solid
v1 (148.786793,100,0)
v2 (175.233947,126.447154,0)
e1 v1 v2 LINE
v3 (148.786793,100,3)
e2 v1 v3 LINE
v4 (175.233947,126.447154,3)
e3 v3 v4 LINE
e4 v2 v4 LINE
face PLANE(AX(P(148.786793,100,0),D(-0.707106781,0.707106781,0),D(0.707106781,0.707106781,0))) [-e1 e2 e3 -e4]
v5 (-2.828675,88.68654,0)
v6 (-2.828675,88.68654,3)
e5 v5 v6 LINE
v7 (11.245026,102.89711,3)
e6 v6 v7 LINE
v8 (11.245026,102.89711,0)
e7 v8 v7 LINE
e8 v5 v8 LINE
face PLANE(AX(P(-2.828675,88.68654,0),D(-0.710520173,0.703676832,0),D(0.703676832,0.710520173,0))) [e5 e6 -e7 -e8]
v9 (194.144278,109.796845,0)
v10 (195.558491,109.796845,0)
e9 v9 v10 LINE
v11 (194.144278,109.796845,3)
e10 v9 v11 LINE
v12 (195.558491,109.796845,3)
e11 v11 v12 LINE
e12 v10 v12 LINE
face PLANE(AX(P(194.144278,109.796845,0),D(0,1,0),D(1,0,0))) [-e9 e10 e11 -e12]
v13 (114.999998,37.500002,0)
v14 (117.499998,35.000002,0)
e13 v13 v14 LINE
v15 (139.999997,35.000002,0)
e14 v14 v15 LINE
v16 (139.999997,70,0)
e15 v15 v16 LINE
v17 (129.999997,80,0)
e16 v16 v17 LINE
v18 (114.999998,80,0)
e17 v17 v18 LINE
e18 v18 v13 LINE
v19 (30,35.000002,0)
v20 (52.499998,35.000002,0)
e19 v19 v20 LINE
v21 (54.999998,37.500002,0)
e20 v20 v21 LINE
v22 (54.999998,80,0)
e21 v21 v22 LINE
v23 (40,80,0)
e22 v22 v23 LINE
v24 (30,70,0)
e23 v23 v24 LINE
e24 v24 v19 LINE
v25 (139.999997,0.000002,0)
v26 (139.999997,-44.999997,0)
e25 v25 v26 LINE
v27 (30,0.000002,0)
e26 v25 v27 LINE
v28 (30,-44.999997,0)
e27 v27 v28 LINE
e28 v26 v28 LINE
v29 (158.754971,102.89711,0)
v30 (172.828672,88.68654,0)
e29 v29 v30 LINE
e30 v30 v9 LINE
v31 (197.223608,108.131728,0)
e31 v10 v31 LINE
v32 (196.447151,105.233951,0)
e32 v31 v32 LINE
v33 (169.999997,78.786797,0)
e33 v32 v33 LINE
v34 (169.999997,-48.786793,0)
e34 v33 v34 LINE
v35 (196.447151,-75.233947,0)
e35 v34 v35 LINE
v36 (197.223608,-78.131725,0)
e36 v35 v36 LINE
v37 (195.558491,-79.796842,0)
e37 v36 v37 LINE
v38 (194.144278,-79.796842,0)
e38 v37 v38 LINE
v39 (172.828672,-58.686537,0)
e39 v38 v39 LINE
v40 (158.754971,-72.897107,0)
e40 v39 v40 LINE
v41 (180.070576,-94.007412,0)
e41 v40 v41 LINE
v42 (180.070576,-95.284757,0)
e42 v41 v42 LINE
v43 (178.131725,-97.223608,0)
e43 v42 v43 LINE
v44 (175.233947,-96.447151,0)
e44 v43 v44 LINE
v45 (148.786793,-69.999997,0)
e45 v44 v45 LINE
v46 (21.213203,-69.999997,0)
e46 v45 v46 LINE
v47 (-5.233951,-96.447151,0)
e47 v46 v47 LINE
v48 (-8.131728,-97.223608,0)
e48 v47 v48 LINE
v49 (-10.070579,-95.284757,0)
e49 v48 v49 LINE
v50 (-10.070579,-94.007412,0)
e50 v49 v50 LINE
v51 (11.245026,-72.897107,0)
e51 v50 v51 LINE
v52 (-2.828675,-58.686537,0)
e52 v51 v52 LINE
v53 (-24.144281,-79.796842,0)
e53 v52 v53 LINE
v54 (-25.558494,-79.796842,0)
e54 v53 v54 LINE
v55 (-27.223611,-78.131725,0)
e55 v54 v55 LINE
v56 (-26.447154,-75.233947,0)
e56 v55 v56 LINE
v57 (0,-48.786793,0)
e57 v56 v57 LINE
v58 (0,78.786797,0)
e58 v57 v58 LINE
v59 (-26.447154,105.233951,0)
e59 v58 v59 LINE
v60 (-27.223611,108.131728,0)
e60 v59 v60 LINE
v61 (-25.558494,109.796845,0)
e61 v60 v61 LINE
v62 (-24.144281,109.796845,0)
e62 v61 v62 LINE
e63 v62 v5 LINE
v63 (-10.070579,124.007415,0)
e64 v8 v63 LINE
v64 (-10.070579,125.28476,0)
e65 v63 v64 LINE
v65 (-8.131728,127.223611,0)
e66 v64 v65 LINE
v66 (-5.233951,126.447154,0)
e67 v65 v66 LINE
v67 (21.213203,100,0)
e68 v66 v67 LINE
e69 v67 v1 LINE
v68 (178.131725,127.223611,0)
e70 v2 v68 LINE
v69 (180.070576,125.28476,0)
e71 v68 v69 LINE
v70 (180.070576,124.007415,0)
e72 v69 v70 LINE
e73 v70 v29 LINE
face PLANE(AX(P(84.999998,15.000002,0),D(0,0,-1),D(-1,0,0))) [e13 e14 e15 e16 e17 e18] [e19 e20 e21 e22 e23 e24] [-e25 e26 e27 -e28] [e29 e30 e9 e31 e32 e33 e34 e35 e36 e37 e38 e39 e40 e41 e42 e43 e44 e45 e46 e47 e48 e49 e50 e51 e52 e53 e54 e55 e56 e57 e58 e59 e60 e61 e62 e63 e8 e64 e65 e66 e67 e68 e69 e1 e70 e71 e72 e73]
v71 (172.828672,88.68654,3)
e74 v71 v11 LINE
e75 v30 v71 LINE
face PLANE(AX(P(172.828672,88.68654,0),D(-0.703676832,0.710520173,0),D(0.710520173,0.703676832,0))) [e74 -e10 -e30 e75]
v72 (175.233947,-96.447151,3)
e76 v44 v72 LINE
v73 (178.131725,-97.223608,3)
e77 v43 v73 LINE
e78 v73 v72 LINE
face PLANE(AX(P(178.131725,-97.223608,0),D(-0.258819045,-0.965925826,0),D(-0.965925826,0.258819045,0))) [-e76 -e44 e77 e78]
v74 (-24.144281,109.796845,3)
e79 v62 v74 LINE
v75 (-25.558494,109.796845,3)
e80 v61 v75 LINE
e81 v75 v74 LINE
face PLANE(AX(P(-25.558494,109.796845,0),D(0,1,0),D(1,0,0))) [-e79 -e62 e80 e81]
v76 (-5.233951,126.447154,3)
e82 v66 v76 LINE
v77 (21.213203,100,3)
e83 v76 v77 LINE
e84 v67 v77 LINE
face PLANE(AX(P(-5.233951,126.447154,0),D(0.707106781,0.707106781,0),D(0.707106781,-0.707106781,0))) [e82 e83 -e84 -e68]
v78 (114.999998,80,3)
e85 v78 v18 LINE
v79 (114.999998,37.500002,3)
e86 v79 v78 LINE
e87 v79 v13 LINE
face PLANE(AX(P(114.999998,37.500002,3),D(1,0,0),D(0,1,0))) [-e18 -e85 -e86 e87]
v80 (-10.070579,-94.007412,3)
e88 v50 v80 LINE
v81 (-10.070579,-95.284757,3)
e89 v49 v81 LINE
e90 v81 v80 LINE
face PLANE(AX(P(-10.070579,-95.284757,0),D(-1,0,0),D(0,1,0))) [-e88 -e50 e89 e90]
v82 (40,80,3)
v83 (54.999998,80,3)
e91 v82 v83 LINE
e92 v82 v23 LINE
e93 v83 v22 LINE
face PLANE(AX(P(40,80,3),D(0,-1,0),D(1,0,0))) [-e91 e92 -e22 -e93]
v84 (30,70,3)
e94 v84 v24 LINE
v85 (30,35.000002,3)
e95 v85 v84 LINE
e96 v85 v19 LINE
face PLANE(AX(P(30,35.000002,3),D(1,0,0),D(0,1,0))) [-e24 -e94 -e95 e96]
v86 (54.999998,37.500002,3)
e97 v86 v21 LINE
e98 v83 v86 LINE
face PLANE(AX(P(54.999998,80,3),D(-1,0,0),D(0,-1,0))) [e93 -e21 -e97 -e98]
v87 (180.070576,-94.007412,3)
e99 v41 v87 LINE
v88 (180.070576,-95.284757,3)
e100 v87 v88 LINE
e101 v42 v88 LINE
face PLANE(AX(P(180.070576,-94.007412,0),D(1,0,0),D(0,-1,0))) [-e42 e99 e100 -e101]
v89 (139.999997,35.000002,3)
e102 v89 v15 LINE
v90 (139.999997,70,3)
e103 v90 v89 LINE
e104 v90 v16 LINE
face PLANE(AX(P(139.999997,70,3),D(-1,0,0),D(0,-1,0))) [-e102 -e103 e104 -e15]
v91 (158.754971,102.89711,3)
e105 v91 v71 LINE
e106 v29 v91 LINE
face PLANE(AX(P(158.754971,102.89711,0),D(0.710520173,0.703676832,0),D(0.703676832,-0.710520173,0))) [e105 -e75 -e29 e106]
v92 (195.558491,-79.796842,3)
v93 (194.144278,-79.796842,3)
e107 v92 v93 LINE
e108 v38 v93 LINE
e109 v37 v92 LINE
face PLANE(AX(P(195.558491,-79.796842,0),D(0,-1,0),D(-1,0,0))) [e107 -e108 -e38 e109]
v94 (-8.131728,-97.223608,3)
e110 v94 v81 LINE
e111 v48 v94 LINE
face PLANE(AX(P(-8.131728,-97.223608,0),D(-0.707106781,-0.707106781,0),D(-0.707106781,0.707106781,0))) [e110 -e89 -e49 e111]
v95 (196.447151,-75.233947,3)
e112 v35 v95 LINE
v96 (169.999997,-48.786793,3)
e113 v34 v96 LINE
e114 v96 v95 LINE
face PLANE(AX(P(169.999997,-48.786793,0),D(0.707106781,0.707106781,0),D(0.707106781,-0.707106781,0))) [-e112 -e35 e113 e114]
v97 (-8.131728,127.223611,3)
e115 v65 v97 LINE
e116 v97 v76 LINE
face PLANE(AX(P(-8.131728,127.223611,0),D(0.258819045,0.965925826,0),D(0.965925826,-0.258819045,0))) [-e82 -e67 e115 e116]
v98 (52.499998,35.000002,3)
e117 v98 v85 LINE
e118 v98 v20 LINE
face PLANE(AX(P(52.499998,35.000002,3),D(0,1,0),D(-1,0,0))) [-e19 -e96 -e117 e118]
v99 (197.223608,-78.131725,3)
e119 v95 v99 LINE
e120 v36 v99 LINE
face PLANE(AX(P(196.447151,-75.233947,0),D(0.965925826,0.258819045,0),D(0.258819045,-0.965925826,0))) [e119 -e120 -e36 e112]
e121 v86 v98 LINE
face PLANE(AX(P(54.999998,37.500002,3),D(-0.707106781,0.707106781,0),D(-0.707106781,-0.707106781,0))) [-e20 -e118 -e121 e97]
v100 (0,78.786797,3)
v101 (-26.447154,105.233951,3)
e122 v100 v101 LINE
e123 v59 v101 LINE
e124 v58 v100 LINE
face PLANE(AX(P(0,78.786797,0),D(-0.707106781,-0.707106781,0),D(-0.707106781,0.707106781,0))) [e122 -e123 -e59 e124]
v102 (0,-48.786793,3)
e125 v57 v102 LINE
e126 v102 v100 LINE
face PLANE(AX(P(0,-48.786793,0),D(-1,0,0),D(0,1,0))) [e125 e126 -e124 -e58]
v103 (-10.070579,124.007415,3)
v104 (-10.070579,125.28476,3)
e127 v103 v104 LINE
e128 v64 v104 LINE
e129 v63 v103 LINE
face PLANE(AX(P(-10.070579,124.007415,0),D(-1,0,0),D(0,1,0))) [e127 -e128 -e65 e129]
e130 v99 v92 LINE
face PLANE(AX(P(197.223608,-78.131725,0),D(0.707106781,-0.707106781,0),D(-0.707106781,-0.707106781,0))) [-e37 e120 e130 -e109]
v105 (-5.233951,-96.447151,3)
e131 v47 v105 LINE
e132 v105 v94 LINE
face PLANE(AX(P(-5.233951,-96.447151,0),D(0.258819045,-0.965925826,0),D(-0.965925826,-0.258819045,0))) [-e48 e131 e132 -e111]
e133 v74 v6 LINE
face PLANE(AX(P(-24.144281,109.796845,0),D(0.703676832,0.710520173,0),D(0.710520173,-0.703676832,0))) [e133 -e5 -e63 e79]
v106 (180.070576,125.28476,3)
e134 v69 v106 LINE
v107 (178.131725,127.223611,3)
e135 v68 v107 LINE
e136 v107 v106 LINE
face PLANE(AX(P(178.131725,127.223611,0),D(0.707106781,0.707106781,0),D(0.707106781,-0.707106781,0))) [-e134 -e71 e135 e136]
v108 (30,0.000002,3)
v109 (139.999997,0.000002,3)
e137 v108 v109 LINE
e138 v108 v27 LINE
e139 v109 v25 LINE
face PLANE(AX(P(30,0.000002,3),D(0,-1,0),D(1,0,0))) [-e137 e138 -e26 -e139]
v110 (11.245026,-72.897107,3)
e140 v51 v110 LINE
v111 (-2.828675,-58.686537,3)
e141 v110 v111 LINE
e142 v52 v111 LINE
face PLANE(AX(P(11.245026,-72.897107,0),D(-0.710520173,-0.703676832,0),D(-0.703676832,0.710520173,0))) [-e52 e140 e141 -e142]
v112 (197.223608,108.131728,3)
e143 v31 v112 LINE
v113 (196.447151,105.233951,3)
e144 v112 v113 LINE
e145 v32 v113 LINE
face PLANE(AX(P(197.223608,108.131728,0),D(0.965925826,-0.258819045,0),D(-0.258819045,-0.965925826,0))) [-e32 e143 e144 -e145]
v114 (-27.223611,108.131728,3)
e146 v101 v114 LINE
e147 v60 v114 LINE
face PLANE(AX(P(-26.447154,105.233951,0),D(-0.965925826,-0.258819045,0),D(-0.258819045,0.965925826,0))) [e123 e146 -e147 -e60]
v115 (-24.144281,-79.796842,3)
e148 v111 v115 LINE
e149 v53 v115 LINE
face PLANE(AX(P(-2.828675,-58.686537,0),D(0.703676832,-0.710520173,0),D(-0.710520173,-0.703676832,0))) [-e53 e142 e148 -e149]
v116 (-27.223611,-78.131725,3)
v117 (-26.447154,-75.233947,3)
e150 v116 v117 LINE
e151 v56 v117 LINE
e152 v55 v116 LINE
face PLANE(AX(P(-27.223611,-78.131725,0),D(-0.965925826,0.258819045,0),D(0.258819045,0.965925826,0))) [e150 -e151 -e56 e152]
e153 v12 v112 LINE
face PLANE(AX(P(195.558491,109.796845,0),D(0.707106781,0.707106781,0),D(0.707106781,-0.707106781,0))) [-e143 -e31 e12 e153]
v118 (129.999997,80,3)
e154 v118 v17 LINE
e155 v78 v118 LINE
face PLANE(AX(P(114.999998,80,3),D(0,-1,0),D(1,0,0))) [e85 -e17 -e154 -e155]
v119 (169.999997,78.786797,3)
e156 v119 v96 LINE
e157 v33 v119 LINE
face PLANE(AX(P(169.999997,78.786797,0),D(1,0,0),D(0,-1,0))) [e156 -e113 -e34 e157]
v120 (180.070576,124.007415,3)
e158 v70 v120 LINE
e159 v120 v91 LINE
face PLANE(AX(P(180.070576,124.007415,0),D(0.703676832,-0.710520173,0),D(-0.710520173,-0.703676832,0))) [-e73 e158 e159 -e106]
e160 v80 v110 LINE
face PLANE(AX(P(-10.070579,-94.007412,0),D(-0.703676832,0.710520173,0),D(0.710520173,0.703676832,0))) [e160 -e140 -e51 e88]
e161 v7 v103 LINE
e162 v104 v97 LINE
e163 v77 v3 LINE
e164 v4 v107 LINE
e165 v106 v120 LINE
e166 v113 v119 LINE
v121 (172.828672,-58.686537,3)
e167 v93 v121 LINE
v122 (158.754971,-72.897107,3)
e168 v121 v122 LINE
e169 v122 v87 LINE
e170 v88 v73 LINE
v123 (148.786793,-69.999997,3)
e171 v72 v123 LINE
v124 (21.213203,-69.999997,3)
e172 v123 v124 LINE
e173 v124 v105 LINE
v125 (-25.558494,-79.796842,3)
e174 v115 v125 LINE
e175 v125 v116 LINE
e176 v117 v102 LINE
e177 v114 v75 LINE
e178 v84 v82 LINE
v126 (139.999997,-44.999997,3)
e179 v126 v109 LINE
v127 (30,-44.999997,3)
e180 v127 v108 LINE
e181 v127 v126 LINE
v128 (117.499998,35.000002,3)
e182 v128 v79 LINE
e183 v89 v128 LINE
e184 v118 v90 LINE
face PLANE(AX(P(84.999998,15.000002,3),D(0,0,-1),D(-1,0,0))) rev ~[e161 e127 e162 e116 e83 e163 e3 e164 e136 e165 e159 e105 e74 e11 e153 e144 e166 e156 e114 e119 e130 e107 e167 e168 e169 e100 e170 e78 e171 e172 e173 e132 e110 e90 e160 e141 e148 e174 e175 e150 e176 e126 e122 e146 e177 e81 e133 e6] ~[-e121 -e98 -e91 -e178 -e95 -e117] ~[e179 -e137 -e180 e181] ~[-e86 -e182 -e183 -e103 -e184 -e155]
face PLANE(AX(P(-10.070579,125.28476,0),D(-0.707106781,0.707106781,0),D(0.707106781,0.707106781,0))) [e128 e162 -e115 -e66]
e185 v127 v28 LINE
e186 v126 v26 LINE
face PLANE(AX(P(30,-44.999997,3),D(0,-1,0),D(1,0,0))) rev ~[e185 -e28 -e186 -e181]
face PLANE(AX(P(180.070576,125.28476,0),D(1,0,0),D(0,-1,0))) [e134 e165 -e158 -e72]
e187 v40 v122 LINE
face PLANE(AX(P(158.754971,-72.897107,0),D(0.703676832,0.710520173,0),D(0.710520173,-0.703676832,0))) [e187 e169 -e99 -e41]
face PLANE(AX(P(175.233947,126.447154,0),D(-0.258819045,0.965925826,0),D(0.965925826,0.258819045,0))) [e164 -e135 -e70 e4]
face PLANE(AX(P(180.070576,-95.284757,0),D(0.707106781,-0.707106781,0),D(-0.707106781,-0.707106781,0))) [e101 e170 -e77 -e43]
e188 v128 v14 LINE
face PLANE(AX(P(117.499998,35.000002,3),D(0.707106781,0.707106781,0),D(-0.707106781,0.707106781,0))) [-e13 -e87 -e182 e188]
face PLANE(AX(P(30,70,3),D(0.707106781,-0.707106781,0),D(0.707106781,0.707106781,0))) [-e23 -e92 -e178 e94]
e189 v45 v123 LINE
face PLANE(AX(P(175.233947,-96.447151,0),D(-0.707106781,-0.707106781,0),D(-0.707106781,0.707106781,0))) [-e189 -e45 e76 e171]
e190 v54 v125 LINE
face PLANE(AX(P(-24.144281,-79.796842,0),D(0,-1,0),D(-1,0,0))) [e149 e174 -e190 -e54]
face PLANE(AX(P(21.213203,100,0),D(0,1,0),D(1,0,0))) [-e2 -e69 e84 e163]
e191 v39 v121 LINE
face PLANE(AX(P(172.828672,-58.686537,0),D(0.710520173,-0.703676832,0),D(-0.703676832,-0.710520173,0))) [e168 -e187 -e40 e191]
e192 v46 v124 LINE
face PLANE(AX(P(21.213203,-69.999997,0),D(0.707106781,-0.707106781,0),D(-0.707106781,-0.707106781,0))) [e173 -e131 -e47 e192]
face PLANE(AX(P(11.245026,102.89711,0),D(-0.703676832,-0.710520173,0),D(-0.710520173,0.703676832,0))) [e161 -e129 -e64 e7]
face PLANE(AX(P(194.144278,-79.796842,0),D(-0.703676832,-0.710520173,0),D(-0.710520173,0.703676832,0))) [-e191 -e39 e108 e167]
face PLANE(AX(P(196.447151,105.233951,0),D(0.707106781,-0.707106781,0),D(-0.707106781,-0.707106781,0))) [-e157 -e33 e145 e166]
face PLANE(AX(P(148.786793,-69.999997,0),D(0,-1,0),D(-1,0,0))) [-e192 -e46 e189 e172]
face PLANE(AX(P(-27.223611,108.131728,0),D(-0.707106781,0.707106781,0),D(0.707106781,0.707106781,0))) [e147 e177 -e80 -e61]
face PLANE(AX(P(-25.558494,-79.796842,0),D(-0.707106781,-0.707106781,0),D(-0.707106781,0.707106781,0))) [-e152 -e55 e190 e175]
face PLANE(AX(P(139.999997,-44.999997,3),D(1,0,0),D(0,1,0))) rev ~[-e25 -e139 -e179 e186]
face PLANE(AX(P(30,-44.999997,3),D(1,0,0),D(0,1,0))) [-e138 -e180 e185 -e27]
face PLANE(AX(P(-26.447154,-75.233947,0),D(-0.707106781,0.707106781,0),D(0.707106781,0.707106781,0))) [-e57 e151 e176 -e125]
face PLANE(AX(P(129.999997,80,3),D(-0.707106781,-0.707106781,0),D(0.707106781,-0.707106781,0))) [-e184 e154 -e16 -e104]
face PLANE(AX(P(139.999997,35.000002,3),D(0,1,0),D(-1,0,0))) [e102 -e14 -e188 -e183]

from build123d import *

# Parameters (mm, degrees)
BOSS_EXTRUDE1_DEPTH = 3
SKETCH2_W           = 109.999996871
SKETCH2_H           = 44.999998436
CUT_EXTRUDE1_DEPTH  = 10


with BuildPart() as part:
    # Sketch1 → Boss-Extrude1 (new body)
    with BuildSketch(Plane.XY):
        Polygon((158.754970941, -72.897106565), (180.070576123, -94.00741153), (180.070576123, -95.284756679), (178.131724855, -97.223607947), (175.233947376, -96.447150811), (148.786793436, -69.999996871), (21.213203436, -69.999996871), (-5.233950505, -96.447150811), (-8.131727984, -97.223607947), (-10.070579252, -95.284756679), (-10.070579252, -94.00741153), (11.24502593, -72.897106565), (-2.828675487, -58.686536734), (-24.144280669, -79.796841699), (-25.558494231, -79.796841699), (-27.223611076, -78.131724855), (-26.44715394, -75.233947376), (0, -48.786793435), (0, 78.786796565), (-26.44715394, 105.233950505), (-27.223611076, 108.131727984), (-25.558494231, 109.796844828), (-24.144280669, 109.796844828), (-2.828675487, 88.686539863), (11.24502593, 102.897109694), (-10.070579252, 124.007414659), (-10.070579252, 125.284759808), (-8.131727984, 127.223611076), (-5.233950505, 126.447153941), (21.213203436, 100), (148.786793436, 100), (175.233947376, 126.447153941), (178.131724855, 127.223611076), (180.070576123, 125.284759808), (180.070576123, 124.007414659), (158.754970941, 102.897109694), (172.828672358, 88.686539863), (194.14427754, 109.796844828), (195.558491102, 109.796844828), (197.223607947, 108.131727984), (196.447150812, 105.233950505), (169.999996871, 78.786796565), (169.999996871, -48.786793435), (196.447150812, -75.233947376), (197.223607947, -78.131724855), (195.558491102, -79.796841699), (194.14427754, -79.796841699), (172.828672358, -58.686536734), align=None)
    extrude(amount=BOSS_EXTRUDE1_DEPTH)

    # Sketch2 → Cut-Extrude1 (cut)
    with BuildSketch(Plane.XY.offset(3)):
        Polygon((30, 70), (40, 80), (54.999998436, 80), (54.999998436, 37.500001565), (52.499998436, 35.000001565), (30, 35.000001565), align=None)
        Polygon((139.999996871, 35.000001565), (117.499998436, 35.000001565), (114.999998436, 37.500001565), (114.999998436, 80), (129.999996871, 80), (139.999996871, 70), align=None)
        with Locations((84.999998436, -22.499997653)):
            Rectangle(SKETCH2_W, SKETCH2_H)
    extrude(amount=-CUT_EXTRUDE1_DEPTH, mode=Mode.SUBTRACT)


solid = part.part
